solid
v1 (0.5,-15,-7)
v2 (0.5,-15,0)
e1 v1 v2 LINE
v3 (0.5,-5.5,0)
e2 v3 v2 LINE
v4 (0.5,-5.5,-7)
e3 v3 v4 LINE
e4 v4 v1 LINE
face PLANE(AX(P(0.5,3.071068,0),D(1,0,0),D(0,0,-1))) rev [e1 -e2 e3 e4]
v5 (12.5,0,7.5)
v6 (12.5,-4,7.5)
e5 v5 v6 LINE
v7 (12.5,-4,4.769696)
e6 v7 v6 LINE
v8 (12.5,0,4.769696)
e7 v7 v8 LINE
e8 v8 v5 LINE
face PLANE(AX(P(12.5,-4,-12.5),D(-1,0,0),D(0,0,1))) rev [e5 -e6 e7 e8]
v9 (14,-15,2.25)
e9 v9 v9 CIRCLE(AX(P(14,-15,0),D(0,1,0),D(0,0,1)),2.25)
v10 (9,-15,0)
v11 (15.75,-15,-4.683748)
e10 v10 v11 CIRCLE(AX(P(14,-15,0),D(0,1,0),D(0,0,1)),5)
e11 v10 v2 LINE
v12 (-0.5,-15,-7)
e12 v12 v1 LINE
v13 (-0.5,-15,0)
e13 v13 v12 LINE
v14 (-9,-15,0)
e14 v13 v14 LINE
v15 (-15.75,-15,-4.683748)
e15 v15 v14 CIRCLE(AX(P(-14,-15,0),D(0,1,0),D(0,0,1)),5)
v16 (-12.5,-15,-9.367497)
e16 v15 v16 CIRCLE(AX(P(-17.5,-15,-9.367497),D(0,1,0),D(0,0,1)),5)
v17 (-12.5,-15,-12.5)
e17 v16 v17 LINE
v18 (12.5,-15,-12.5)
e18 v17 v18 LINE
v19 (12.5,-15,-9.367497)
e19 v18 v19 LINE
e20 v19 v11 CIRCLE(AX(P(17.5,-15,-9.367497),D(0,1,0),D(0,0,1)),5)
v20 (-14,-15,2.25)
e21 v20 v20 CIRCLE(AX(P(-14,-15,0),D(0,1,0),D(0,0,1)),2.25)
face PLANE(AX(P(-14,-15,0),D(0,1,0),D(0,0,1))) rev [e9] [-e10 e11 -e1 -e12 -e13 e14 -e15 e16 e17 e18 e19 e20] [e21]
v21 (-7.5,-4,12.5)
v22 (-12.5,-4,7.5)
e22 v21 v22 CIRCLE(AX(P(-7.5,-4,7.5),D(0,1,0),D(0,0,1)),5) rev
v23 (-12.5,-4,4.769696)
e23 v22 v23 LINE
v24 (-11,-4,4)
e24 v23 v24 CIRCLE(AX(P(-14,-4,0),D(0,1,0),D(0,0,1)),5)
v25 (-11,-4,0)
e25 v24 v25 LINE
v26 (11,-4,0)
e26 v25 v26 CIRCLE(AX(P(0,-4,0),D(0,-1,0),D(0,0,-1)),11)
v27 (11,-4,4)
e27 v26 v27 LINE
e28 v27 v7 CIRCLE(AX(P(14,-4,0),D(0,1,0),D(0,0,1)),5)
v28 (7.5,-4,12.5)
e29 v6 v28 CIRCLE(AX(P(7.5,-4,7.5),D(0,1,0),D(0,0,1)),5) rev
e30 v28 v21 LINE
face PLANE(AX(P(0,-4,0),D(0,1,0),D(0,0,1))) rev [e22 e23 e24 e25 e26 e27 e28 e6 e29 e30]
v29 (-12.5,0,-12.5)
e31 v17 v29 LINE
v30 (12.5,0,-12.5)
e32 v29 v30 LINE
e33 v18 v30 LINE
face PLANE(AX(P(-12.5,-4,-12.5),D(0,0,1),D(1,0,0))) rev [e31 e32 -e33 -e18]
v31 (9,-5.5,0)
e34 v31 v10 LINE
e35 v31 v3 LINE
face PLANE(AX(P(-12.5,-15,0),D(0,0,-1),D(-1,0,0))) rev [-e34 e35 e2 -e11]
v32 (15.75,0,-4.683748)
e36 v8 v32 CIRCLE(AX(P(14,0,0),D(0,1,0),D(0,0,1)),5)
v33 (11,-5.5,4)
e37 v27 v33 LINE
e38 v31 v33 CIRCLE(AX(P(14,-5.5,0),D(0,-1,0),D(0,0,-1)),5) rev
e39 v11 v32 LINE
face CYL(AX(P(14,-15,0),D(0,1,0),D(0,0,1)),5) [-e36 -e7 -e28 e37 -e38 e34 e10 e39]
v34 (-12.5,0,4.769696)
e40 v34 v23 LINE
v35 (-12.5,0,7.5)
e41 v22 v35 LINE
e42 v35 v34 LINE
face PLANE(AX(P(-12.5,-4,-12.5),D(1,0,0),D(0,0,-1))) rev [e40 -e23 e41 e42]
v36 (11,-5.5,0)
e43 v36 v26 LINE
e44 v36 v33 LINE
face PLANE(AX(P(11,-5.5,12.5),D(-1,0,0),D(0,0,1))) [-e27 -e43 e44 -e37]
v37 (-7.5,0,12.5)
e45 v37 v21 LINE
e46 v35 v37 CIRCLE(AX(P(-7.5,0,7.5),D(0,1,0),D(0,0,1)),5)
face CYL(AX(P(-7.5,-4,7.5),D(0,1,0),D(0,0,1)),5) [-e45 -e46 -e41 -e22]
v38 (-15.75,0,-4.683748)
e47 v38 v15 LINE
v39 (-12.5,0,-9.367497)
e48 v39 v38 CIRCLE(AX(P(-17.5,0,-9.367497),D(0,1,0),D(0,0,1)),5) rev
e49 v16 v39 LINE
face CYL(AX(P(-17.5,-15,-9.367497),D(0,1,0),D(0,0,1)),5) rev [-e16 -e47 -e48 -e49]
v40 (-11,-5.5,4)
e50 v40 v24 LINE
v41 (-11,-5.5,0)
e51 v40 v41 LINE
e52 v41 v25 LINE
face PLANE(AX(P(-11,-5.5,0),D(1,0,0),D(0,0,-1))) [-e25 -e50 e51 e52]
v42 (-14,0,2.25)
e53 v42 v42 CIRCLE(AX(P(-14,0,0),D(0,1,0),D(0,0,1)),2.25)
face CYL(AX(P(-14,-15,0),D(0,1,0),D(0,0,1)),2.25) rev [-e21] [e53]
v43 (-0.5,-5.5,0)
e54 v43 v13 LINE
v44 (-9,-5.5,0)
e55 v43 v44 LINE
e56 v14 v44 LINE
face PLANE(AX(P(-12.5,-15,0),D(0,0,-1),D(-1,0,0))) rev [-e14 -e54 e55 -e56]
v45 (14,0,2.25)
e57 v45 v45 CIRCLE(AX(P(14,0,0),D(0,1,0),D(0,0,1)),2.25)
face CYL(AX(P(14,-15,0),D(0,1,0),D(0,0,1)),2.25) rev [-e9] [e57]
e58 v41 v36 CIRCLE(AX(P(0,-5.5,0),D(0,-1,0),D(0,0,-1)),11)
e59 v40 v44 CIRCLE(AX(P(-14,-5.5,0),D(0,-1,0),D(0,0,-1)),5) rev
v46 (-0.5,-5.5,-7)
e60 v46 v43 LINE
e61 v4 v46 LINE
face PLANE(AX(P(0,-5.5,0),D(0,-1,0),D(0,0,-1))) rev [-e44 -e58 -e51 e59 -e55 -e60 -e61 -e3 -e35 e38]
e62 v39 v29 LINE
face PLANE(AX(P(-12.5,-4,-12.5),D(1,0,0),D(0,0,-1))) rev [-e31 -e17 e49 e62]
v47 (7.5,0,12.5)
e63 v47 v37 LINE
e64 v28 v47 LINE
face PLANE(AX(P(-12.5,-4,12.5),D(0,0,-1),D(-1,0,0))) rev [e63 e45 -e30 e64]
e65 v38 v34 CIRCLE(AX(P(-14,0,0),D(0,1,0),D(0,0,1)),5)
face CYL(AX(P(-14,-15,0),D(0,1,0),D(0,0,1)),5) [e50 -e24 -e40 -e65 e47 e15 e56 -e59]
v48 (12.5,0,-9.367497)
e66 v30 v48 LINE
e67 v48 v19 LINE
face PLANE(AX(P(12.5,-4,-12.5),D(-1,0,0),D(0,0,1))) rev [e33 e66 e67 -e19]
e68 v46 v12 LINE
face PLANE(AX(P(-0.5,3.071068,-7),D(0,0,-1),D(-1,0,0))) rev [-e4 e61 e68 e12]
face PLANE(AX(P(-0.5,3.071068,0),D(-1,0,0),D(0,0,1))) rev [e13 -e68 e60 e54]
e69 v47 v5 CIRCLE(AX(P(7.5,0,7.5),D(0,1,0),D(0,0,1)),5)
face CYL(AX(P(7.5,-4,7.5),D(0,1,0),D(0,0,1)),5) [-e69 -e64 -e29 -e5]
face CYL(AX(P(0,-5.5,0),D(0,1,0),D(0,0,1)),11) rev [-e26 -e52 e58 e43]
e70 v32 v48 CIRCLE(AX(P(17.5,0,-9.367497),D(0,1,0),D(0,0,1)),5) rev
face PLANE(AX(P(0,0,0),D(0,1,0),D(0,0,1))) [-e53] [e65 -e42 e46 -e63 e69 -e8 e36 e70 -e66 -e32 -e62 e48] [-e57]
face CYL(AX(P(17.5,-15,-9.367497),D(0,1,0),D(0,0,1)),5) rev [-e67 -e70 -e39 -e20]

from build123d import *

# Parameters (mm, degrees)
SKETCH6_W           = 25
SKETCH6_H           = 25
BOSS_EXTRUDE3_DEPTH = 4
SKETCH11_R          = 5
BOSS_EXTRUDE7_DEPTH = 15
SKETCH8_W           = 25
SKETCH8_H           = 12.5
BOSS_EXTRUDE5_DEPTH = 11
SKETCH12_R          = 2.25
CUT_EXTRUDE3_DEPTH  = 28.244265452
SKETCH9_W           = 1
SKETCH9_H           = 7
CUT_EXTRUDE2_DEPTH  = 11
CUT_EXTRUDE4_DEPTH  = 1.5
FILLET2_R           = 5


with BuildPart() as part:
    # Sketch6 → Boss-Extrude3 (new body)
    with BuildSketch(Plane.XZ):
        Rectangle(SKETCH6_W, SKETCH6_H)
    extrude(amount=BOSS_EXTRUDE3_DEPTH)

    # Sketch11 → Boss-Extrude7 (add)
    with BuildSketch(Plane(origin=(0, 0, 0), x_dir=(1, 0, 0), z_dir=(0, 1, 0))):
        with Locations(Location((-14, 0, 0), (0, 0, 270))):
            Circle(SKETCH11_R)
        with Locations(Location((14, 0, 0), (0, 0, 270))):
            Circle(SKETCH11_R)
    extrude(amount=-BOSS_EXTRUDE7_DEPTH)

    # Sketch8 → Boss-Extrude5 (add)
    with BuildSketch(Plane.XZ.offset(4)):
        with Locations((0, -6.25)):
            Rectangle(SKETCH8_W, SKETCH8_H)
    extrude(amount=BOSS_EXTRUDE5_DEPTH)

    # Sketch12 → Cut-Extrude3 (cut, through all)
    with BuildSketch(Plane(origin=(0, 0, 0), x_dir=(1, 0, 0), z_dir=(0, 1, 0))):
        with Locations(Location((-14, 0, 0), (0, 0, 270))):
            Circle(SKETCH12_R)
        with Locations(Location((14, 0, 0), (0, 0, 270))):
            Circle(SKETCH12_R)
    extrude(amount=-CUT_EXTRUDE3_DEPTH, mode=Mode.SUBTRACT)

    # Sketch9 → Cut-Extrude2 (cut)
    with BuildSketch(Plane.XZ.offset(15)):
        with Locations((0, -3.5)):
            Rectangle(SKETCH9_W, SKETCH9_H)
    extrude(amount=-CUT_EXTRUDE2_DEPTH, mode=Mode.SUBTRACT)

    # Sketch13 → Cut-Extrude4 (cut)
    with BuildSketch(Plane.XZ.offset(4)):
        with BuildLine():
            Line((-11, 0), (-11, 12.5))
            Line((-11, 12.5), (11, 12.5))
            Line((11, 12.5), (11, 0))
            ThreePointArc((11, 0), (0, -11), (-11, 0))
        make_face()
    extrude(amount=CUT_EXTRUDE4_DEPTH, mode=Mode.SUBTRACT)

    # Fillet2
    fillet2_edges = [part.edges().sort_by_distance(p)[0] for p in [
        (-12.5, -7.5, -4.769696007),
        (12.5, -7.5, -4.769696007),
        (-12.5, -2, 12.5),
        (12.5, -2, 12.5),
    ]]
    fillet(fillet2_edges, radius=FILLET2_R)


solid = part.part
